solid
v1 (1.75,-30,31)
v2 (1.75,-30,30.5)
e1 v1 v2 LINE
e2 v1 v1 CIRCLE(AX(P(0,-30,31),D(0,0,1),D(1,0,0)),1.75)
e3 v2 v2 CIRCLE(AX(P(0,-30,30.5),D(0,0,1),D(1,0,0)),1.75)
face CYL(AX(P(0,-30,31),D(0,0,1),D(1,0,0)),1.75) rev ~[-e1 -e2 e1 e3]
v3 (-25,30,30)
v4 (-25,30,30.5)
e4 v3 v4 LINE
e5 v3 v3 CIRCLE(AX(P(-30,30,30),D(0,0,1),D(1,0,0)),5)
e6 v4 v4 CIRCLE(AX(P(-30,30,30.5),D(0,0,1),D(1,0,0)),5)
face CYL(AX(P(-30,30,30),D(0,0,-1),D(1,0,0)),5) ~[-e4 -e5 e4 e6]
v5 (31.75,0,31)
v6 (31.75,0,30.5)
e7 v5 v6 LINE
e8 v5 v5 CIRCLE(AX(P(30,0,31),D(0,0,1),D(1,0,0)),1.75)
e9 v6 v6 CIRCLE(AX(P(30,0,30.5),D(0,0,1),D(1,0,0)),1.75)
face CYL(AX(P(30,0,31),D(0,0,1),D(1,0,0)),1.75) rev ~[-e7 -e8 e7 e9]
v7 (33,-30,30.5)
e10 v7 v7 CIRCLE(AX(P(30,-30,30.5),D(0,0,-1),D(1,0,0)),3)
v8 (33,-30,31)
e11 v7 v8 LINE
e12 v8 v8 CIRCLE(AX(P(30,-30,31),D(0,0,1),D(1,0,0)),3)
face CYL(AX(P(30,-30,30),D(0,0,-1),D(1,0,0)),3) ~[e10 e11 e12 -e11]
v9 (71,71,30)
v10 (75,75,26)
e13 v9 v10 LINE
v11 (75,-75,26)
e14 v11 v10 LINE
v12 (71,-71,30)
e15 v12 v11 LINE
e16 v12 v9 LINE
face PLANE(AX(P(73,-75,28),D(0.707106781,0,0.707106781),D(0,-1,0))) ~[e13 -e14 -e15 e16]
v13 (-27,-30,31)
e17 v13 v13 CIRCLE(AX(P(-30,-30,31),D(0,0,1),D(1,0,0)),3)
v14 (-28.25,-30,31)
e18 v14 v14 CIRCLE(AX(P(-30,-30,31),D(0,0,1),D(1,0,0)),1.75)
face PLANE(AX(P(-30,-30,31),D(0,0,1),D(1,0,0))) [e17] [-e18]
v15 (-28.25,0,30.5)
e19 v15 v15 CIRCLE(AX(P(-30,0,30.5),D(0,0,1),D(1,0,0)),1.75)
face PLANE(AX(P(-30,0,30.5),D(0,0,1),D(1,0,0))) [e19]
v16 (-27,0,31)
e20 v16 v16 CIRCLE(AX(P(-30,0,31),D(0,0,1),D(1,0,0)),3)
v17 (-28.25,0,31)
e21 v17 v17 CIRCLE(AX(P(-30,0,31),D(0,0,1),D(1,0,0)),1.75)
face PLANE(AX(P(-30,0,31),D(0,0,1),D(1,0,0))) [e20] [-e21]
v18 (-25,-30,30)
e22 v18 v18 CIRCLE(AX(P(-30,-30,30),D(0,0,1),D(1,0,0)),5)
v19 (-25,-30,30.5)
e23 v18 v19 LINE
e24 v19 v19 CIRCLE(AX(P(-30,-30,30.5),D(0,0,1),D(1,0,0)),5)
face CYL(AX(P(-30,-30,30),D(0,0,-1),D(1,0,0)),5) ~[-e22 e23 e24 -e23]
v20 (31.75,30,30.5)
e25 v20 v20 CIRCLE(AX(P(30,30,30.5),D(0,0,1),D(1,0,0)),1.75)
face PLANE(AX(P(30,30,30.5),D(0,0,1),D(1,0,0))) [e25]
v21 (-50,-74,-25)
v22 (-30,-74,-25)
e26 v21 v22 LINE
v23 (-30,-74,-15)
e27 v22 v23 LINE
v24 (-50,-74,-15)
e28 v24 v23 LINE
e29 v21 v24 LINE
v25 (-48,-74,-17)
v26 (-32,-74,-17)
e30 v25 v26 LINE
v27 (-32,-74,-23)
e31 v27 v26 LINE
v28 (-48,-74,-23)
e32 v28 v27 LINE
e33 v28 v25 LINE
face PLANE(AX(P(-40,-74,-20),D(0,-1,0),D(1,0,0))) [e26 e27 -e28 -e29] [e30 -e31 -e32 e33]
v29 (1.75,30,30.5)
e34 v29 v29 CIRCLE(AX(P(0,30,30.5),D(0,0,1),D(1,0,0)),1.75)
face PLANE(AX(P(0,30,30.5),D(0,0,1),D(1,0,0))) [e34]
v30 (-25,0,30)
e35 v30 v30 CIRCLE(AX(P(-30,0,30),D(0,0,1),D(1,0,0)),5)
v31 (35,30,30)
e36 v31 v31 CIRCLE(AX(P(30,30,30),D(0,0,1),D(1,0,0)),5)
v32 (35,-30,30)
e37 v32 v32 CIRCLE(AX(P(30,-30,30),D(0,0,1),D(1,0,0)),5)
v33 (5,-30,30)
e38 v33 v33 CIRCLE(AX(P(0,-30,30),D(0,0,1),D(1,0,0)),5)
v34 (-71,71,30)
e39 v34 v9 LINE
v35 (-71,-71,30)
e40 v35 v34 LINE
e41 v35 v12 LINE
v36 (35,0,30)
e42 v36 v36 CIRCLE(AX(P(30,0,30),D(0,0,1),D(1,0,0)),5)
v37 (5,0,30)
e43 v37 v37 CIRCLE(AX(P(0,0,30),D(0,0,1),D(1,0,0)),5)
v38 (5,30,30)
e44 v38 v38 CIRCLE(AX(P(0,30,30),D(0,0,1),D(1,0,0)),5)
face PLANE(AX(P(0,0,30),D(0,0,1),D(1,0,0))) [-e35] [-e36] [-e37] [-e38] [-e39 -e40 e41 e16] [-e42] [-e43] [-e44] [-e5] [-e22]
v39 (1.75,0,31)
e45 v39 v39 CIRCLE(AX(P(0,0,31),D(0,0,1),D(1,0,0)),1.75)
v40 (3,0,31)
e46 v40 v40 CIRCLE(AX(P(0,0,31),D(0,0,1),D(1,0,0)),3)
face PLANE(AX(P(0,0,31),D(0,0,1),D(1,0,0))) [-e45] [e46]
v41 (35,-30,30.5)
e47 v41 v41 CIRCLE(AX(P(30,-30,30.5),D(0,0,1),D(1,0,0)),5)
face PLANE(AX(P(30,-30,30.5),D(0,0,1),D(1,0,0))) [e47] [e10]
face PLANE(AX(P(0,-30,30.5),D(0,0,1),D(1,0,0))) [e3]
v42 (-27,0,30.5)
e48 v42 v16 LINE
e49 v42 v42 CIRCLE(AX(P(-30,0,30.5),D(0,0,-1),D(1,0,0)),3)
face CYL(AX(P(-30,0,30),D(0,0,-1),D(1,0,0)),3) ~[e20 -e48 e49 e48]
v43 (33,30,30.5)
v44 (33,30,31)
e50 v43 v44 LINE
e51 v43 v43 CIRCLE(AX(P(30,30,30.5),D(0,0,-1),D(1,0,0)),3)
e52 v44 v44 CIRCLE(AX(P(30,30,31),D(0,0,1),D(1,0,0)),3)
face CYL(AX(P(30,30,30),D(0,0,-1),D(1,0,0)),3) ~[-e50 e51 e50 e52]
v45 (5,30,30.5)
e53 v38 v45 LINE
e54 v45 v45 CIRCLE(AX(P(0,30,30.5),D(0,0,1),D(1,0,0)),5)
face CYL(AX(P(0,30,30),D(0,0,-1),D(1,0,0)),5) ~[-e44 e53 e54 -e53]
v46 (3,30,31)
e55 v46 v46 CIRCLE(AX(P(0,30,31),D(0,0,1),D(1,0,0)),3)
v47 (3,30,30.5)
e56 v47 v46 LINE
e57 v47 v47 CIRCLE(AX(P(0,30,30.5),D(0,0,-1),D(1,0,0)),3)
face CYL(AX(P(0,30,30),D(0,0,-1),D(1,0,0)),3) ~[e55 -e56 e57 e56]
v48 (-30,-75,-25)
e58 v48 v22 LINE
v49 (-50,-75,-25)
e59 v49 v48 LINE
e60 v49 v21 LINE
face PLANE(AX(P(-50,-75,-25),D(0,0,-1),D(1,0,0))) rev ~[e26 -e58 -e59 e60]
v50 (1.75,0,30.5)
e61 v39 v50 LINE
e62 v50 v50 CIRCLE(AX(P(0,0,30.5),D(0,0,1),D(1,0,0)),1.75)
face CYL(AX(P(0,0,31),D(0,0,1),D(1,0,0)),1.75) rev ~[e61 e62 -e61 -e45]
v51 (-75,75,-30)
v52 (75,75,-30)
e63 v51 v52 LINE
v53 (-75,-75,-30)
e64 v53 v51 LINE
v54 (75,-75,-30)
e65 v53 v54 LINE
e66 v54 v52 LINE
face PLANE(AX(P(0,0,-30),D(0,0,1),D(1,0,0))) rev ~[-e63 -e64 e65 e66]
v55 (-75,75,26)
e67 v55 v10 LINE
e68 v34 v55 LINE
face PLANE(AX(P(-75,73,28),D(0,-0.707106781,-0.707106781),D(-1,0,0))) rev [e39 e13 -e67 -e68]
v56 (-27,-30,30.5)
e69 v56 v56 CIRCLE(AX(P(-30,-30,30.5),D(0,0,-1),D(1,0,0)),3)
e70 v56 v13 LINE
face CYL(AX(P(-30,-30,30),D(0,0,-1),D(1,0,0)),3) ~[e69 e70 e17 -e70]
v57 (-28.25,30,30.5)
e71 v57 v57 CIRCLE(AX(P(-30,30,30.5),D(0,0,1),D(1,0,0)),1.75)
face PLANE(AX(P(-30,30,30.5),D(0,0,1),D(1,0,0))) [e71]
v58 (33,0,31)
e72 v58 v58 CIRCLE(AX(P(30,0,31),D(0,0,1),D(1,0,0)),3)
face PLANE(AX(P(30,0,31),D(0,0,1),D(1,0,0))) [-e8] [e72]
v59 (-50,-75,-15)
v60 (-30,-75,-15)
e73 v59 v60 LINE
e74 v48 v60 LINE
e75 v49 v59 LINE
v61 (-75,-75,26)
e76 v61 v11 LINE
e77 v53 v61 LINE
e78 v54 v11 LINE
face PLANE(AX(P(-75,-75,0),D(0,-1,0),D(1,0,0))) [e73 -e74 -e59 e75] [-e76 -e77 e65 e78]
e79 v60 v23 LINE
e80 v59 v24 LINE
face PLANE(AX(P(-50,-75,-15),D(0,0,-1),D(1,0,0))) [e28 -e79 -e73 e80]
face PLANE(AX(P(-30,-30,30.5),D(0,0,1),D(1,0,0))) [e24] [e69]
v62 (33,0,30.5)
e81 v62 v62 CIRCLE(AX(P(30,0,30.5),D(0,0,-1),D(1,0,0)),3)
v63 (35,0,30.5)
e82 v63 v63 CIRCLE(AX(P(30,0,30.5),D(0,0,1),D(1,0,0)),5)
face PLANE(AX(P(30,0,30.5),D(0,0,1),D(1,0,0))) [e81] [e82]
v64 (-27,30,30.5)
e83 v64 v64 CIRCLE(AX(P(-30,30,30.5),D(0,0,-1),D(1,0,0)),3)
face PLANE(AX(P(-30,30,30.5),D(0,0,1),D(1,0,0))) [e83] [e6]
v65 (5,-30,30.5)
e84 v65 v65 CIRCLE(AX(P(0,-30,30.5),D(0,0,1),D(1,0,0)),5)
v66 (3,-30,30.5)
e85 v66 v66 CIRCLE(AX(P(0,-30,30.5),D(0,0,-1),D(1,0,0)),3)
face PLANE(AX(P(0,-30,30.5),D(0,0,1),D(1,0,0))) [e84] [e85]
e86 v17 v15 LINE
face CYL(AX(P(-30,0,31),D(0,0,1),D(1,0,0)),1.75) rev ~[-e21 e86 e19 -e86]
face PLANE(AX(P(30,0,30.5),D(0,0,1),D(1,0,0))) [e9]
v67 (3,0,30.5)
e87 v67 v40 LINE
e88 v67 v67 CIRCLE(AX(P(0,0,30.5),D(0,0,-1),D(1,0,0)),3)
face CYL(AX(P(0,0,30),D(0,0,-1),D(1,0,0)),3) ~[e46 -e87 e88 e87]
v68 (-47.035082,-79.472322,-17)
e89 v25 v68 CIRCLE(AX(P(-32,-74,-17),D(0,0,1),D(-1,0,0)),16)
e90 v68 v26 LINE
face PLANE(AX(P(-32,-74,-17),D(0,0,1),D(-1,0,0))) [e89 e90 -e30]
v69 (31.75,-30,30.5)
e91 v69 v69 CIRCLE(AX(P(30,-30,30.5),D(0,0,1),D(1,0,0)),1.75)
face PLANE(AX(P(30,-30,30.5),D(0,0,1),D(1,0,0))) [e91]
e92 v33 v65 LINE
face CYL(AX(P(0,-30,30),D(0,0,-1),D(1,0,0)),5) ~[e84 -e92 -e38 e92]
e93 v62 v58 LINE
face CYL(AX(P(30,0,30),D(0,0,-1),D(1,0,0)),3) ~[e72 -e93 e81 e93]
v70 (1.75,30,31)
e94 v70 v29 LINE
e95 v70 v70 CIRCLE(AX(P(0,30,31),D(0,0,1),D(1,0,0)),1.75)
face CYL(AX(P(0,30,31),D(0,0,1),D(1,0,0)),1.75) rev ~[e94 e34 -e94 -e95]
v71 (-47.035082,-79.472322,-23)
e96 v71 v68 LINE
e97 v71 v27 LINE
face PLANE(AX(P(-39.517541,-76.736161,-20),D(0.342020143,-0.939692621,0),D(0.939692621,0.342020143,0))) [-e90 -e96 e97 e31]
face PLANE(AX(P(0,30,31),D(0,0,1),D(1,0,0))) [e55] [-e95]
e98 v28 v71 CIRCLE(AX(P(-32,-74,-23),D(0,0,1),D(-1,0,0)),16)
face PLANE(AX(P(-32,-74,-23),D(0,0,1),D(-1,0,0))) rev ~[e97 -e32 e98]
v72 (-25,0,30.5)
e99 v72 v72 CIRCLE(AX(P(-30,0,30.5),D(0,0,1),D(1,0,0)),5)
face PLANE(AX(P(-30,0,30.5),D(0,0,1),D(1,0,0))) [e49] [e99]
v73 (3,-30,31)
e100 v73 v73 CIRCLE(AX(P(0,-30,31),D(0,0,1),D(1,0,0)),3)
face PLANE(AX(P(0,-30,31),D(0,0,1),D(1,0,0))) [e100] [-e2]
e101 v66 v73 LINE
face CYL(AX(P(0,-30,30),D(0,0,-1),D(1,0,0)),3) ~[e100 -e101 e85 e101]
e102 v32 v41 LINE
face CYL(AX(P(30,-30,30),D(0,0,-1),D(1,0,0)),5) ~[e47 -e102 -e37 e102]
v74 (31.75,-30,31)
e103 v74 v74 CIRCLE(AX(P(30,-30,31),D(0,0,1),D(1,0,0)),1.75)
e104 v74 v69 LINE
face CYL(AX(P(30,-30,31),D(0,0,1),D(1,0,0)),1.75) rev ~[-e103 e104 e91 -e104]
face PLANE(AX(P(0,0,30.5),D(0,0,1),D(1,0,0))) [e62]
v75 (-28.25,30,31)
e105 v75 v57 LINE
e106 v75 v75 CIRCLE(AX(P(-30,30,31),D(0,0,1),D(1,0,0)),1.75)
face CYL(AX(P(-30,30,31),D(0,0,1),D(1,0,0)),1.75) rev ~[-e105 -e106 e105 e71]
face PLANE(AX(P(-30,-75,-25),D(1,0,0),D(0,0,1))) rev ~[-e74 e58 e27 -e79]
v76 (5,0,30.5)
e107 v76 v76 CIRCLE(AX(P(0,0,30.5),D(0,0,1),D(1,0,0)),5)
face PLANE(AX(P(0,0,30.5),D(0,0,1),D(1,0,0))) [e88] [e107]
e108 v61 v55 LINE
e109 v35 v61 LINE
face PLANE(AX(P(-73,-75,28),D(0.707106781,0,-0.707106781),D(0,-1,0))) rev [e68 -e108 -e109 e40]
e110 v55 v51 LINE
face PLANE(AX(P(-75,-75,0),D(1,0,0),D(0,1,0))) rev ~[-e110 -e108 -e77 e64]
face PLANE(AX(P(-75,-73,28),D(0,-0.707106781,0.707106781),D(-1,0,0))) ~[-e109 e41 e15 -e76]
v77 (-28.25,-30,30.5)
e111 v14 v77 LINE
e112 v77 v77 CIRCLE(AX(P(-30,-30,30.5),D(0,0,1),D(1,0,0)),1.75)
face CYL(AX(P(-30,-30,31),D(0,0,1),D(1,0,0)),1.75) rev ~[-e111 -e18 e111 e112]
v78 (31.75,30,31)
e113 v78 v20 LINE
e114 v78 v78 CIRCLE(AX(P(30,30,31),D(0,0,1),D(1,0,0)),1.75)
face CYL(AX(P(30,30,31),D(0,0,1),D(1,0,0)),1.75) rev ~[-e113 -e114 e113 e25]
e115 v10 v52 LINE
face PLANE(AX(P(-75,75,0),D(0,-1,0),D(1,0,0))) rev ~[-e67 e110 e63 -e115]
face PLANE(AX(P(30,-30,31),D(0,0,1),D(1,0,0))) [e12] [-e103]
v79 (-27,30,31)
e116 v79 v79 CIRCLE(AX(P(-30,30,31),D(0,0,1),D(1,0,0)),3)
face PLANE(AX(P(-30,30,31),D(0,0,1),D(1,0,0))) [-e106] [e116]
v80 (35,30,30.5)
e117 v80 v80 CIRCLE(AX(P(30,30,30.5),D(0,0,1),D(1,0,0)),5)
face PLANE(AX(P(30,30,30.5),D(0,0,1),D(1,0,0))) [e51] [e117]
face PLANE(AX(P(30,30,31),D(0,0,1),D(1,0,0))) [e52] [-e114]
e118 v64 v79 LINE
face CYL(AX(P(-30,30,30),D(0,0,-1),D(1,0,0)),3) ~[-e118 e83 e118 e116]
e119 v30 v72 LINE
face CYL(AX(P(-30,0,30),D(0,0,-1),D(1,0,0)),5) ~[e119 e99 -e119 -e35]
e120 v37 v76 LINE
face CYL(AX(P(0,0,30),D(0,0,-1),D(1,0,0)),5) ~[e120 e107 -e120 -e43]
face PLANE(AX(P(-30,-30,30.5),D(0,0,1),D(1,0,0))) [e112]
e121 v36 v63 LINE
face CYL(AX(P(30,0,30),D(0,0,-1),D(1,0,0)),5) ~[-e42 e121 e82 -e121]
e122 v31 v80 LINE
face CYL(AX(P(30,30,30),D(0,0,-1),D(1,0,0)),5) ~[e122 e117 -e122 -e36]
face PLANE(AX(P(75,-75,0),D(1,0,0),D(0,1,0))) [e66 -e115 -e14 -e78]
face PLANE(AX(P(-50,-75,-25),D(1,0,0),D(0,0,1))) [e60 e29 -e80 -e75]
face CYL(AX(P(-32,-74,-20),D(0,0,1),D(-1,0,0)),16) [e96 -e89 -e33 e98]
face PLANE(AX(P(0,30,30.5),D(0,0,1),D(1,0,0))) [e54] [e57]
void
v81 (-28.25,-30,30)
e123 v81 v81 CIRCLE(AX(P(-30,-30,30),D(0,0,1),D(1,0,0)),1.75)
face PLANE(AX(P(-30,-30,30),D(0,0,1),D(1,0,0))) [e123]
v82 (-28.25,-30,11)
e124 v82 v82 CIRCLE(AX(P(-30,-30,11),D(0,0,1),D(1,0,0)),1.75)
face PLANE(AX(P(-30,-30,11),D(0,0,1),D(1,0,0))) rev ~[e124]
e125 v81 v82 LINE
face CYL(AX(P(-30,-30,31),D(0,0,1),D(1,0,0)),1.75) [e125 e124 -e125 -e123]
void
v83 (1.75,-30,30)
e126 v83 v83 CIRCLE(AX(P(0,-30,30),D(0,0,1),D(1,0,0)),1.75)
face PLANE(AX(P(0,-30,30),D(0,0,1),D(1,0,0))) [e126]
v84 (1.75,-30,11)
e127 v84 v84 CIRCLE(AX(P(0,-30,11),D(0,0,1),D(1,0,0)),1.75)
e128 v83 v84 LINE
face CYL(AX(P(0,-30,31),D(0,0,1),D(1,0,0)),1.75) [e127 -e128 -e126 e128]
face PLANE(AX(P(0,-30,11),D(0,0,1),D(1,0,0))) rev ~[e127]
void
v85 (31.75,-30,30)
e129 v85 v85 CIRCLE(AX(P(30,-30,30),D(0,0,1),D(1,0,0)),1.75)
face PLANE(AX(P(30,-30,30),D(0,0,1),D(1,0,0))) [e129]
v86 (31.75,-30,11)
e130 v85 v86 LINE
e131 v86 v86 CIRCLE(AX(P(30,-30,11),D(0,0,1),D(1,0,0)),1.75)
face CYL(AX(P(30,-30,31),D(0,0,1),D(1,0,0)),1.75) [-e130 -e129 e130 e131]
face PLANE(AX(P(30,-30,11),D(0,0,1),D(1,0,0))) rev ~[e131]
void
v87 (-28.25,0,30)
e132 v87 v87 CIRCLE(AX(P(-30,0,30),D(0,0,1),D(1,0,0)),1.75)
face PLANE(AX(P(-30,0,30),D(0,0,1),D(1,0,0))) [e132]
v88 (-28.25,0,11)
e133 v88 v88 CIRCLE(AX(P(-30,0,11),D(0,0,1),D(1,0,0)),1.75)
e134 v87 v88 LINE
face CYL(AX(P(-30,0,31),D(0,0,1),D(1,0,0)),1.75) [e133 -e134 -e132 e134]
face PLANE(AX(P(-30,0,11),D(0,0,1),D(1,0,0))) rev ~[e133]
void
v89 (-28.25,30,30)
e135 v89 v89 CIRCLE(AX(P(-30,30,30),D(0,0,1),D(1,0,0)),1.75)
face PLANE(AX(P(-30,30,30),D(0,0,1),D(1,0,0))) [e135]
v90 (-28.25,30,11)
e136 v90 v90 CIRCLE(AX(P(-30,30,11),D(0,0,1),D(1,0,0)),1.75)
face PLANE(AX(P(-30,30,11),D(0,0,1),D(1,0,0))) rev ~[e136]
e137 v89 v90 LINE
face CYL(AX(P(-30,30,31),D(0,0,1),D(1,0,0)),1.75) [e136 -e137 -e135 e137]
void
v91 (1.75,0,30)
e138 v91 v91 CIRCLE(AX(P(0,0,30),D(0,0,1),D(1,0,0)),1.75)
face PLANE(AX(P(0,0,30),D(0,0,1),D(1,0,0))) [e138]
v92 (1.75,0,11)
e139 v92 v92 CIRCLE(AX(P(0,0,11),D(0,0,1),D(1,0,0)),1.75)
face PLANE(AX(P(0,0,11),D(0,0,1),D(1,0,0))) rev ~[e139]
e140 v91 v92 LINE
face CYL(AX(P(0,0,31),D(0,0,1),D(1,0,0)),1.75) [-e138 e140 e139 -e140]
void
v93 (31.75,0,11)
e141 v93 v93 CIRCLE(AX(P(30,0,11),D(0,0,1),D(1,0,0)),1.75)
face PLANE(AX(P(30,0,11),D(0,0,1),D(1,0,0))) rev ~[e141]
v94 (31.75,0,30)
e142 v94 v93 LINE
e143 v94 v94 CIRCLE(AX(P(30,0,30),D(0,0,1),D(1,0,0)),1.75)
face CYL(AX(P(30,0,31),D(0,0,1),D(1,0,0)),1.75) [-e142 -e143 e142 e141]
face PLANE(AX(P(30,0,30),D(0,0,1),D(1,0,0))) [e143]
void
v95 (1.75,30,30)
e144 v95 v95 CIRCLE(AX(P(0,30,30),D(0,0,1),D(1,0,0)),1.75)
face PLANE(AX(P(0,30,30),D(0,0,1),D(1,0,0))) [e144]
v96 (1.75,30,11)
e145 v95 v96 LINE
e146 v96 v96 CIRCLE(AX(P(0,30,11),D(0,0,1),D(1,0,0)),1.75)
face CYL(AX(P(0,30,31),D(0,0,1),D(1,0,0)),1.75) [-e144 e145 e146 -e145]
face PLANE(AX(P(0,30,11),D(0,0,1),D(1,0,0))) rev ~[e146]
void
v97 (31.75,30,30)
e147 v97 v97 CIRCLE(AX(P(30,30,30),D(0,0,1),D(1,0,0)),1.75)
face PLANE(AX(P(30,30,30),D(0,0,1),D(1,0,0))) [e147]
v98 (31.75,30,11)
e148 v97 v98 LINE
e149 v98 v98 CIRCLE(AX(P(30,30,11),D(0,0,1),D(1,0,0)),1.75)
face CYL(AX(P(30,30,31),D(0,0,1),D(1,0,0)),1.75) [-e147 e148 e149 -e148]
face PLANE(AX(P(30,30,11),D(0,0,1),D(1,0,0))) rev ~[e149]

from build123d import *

# Parameters (mm, degrees)
SKETCH_W         = 150
SKETCH_H         = 150
PAD_DEPTH        = 30
SKETCH001_R      = 3
PAD001_DEPTH     = 1
SKETCH002_R      = 1.75
POCKET_DEPTH     = 20
SKETCH003_R      = 5
PAD002_DEPTH     = 0.5
SKETCH004_W      = 20
SKETCH004_H      = 10
POCKET001_DEPTH  = 1
SKETCH005_W      = 16
SKETCH005_H      = 6
REVOLUTION_ANGLE = 20
CHAMFER_SIZE     = 4


with BuildPart() as part:
    # Sketch → Pad (new body, symmetric)
    with BuildSketch(Plane.XY):
        Rectangle(SKETCH_W, SKETCH_H)
    extrude(amount=PAD_DEPTH, both=True)

    # Sketch001 (on Face6 of Pad) → Pad001 (join)
    with BuildSketch(Plane.XY.offset(30)):
        with Locations((-30, 30)):
            Circle(SKETCH001_R)
        with Locations((0, 30)):
            Circle(SKETCH001_R)
        with Locations((30, 30)):
            Circle(SKETCH001_R)
        with Locations((-30, 0)):
            Circle(SKETCH001_R)
        Circle(SKETCH001_R)
        with Locations((30, 0)):
            Circle(SKETCH001_R)
        with Locations((-30, -30)):
            Circle(SKETCH001_R)
        with Locations((0, -30)):
            Circle(SKETCH001_R)
        with Locations((30, -30)):
            Circle(SKETCH001_R)
    extrude(amount=PAD001_DEPTH)

    # Sketch002 (on Face5 of Pad001) → Pocket (cut)
    with BuildSketch(Plane.XY.offset(31)):
        with Locations((-30, 30)):
            Circle(SKETCH002_R)
        with Locations((0, 30)):
            Circle(SKETCH002_R)
        with Locations((30, 30)):
            Circle(SKETCH002_R)
        with Locations((-30, 0)):
            Circle(SKETCH002_R)
        Circle(SKETCH002_R)
        with Locations((30, 0)):
            Circle(SKETCH002_R)
        with Locations((-30, -30)):
            Circle(SKETCH002_R)
        with Locations((0, -30)):
            Circle(SKETCH002_R)
        with Locations((30, -30)):
            Circle(SKETCH002_R)
    extrude(amount=-POCKET_DEPTH, mode=Mode.SUBTRACT)

    # Sketch003 (on Face5 of Pocket) → Pad002 (join)
    with BuildSketch(Plane.XY.offset(30)):
        with Locations((-30, 30)):
            Circle(SKETCH003_R)
        with Locations((0, 30)):
            Circle(SKETCH003_R)
        with Locations((30, 30)):
            Circle(SKETCH003_R)
        with Locations((-30, 0)):
            Circle(SKETCH003_R)
        Circle(SKETCH003_R)
        with Locations((30, 0)):
            Circle(SKETCH003_R)
        with Locations((-30, -30)):
            Circle(SKETCH003_R)
        with Locations((0, -30)):
            Circle(SKETCH003_R)
        with Locations((30, -30)):
            Circle(SKETCH003_R)
    extrude(amount=PAD002_DEPTH)

    # Sketch004 (on Face1 of Pad002) → Pocket001 (cut)
    with BuildSketch(Plane.XZ.offset(75)):
        with Locations((-40, -20)):
            Rectangle(SKETCH004_W, SKETCH004_H)
    extrude(amount=-POCKET001_DEPTH, mode=Mode.SUBTRACT)

    # Sketch005 (on Face20 of Pocket001) → Revolution (revolve)
    with BuildSketch(Plane.XZ.offset(74)):
        with Locations((-40, -20)):
            Rectangle(SKETCH005_W, SKETCH005_H)
    revolve(axis=Axis((-32, -74, -23), (0, 0, 1)), revolution_arc=REVOLUTION_ANGLE)

    # Chamfer
    chamfer_edges = [part.edges().sort_by_distance(p)[0] for p in [
        (0, 75, 30),
        (75, 0, 30),
        (0, -75, 30),
        (-75, 0, 30),
    ]]
    chamfer(chamfer_edges, length=CHAMFER_SIZE)


solid = part.part
